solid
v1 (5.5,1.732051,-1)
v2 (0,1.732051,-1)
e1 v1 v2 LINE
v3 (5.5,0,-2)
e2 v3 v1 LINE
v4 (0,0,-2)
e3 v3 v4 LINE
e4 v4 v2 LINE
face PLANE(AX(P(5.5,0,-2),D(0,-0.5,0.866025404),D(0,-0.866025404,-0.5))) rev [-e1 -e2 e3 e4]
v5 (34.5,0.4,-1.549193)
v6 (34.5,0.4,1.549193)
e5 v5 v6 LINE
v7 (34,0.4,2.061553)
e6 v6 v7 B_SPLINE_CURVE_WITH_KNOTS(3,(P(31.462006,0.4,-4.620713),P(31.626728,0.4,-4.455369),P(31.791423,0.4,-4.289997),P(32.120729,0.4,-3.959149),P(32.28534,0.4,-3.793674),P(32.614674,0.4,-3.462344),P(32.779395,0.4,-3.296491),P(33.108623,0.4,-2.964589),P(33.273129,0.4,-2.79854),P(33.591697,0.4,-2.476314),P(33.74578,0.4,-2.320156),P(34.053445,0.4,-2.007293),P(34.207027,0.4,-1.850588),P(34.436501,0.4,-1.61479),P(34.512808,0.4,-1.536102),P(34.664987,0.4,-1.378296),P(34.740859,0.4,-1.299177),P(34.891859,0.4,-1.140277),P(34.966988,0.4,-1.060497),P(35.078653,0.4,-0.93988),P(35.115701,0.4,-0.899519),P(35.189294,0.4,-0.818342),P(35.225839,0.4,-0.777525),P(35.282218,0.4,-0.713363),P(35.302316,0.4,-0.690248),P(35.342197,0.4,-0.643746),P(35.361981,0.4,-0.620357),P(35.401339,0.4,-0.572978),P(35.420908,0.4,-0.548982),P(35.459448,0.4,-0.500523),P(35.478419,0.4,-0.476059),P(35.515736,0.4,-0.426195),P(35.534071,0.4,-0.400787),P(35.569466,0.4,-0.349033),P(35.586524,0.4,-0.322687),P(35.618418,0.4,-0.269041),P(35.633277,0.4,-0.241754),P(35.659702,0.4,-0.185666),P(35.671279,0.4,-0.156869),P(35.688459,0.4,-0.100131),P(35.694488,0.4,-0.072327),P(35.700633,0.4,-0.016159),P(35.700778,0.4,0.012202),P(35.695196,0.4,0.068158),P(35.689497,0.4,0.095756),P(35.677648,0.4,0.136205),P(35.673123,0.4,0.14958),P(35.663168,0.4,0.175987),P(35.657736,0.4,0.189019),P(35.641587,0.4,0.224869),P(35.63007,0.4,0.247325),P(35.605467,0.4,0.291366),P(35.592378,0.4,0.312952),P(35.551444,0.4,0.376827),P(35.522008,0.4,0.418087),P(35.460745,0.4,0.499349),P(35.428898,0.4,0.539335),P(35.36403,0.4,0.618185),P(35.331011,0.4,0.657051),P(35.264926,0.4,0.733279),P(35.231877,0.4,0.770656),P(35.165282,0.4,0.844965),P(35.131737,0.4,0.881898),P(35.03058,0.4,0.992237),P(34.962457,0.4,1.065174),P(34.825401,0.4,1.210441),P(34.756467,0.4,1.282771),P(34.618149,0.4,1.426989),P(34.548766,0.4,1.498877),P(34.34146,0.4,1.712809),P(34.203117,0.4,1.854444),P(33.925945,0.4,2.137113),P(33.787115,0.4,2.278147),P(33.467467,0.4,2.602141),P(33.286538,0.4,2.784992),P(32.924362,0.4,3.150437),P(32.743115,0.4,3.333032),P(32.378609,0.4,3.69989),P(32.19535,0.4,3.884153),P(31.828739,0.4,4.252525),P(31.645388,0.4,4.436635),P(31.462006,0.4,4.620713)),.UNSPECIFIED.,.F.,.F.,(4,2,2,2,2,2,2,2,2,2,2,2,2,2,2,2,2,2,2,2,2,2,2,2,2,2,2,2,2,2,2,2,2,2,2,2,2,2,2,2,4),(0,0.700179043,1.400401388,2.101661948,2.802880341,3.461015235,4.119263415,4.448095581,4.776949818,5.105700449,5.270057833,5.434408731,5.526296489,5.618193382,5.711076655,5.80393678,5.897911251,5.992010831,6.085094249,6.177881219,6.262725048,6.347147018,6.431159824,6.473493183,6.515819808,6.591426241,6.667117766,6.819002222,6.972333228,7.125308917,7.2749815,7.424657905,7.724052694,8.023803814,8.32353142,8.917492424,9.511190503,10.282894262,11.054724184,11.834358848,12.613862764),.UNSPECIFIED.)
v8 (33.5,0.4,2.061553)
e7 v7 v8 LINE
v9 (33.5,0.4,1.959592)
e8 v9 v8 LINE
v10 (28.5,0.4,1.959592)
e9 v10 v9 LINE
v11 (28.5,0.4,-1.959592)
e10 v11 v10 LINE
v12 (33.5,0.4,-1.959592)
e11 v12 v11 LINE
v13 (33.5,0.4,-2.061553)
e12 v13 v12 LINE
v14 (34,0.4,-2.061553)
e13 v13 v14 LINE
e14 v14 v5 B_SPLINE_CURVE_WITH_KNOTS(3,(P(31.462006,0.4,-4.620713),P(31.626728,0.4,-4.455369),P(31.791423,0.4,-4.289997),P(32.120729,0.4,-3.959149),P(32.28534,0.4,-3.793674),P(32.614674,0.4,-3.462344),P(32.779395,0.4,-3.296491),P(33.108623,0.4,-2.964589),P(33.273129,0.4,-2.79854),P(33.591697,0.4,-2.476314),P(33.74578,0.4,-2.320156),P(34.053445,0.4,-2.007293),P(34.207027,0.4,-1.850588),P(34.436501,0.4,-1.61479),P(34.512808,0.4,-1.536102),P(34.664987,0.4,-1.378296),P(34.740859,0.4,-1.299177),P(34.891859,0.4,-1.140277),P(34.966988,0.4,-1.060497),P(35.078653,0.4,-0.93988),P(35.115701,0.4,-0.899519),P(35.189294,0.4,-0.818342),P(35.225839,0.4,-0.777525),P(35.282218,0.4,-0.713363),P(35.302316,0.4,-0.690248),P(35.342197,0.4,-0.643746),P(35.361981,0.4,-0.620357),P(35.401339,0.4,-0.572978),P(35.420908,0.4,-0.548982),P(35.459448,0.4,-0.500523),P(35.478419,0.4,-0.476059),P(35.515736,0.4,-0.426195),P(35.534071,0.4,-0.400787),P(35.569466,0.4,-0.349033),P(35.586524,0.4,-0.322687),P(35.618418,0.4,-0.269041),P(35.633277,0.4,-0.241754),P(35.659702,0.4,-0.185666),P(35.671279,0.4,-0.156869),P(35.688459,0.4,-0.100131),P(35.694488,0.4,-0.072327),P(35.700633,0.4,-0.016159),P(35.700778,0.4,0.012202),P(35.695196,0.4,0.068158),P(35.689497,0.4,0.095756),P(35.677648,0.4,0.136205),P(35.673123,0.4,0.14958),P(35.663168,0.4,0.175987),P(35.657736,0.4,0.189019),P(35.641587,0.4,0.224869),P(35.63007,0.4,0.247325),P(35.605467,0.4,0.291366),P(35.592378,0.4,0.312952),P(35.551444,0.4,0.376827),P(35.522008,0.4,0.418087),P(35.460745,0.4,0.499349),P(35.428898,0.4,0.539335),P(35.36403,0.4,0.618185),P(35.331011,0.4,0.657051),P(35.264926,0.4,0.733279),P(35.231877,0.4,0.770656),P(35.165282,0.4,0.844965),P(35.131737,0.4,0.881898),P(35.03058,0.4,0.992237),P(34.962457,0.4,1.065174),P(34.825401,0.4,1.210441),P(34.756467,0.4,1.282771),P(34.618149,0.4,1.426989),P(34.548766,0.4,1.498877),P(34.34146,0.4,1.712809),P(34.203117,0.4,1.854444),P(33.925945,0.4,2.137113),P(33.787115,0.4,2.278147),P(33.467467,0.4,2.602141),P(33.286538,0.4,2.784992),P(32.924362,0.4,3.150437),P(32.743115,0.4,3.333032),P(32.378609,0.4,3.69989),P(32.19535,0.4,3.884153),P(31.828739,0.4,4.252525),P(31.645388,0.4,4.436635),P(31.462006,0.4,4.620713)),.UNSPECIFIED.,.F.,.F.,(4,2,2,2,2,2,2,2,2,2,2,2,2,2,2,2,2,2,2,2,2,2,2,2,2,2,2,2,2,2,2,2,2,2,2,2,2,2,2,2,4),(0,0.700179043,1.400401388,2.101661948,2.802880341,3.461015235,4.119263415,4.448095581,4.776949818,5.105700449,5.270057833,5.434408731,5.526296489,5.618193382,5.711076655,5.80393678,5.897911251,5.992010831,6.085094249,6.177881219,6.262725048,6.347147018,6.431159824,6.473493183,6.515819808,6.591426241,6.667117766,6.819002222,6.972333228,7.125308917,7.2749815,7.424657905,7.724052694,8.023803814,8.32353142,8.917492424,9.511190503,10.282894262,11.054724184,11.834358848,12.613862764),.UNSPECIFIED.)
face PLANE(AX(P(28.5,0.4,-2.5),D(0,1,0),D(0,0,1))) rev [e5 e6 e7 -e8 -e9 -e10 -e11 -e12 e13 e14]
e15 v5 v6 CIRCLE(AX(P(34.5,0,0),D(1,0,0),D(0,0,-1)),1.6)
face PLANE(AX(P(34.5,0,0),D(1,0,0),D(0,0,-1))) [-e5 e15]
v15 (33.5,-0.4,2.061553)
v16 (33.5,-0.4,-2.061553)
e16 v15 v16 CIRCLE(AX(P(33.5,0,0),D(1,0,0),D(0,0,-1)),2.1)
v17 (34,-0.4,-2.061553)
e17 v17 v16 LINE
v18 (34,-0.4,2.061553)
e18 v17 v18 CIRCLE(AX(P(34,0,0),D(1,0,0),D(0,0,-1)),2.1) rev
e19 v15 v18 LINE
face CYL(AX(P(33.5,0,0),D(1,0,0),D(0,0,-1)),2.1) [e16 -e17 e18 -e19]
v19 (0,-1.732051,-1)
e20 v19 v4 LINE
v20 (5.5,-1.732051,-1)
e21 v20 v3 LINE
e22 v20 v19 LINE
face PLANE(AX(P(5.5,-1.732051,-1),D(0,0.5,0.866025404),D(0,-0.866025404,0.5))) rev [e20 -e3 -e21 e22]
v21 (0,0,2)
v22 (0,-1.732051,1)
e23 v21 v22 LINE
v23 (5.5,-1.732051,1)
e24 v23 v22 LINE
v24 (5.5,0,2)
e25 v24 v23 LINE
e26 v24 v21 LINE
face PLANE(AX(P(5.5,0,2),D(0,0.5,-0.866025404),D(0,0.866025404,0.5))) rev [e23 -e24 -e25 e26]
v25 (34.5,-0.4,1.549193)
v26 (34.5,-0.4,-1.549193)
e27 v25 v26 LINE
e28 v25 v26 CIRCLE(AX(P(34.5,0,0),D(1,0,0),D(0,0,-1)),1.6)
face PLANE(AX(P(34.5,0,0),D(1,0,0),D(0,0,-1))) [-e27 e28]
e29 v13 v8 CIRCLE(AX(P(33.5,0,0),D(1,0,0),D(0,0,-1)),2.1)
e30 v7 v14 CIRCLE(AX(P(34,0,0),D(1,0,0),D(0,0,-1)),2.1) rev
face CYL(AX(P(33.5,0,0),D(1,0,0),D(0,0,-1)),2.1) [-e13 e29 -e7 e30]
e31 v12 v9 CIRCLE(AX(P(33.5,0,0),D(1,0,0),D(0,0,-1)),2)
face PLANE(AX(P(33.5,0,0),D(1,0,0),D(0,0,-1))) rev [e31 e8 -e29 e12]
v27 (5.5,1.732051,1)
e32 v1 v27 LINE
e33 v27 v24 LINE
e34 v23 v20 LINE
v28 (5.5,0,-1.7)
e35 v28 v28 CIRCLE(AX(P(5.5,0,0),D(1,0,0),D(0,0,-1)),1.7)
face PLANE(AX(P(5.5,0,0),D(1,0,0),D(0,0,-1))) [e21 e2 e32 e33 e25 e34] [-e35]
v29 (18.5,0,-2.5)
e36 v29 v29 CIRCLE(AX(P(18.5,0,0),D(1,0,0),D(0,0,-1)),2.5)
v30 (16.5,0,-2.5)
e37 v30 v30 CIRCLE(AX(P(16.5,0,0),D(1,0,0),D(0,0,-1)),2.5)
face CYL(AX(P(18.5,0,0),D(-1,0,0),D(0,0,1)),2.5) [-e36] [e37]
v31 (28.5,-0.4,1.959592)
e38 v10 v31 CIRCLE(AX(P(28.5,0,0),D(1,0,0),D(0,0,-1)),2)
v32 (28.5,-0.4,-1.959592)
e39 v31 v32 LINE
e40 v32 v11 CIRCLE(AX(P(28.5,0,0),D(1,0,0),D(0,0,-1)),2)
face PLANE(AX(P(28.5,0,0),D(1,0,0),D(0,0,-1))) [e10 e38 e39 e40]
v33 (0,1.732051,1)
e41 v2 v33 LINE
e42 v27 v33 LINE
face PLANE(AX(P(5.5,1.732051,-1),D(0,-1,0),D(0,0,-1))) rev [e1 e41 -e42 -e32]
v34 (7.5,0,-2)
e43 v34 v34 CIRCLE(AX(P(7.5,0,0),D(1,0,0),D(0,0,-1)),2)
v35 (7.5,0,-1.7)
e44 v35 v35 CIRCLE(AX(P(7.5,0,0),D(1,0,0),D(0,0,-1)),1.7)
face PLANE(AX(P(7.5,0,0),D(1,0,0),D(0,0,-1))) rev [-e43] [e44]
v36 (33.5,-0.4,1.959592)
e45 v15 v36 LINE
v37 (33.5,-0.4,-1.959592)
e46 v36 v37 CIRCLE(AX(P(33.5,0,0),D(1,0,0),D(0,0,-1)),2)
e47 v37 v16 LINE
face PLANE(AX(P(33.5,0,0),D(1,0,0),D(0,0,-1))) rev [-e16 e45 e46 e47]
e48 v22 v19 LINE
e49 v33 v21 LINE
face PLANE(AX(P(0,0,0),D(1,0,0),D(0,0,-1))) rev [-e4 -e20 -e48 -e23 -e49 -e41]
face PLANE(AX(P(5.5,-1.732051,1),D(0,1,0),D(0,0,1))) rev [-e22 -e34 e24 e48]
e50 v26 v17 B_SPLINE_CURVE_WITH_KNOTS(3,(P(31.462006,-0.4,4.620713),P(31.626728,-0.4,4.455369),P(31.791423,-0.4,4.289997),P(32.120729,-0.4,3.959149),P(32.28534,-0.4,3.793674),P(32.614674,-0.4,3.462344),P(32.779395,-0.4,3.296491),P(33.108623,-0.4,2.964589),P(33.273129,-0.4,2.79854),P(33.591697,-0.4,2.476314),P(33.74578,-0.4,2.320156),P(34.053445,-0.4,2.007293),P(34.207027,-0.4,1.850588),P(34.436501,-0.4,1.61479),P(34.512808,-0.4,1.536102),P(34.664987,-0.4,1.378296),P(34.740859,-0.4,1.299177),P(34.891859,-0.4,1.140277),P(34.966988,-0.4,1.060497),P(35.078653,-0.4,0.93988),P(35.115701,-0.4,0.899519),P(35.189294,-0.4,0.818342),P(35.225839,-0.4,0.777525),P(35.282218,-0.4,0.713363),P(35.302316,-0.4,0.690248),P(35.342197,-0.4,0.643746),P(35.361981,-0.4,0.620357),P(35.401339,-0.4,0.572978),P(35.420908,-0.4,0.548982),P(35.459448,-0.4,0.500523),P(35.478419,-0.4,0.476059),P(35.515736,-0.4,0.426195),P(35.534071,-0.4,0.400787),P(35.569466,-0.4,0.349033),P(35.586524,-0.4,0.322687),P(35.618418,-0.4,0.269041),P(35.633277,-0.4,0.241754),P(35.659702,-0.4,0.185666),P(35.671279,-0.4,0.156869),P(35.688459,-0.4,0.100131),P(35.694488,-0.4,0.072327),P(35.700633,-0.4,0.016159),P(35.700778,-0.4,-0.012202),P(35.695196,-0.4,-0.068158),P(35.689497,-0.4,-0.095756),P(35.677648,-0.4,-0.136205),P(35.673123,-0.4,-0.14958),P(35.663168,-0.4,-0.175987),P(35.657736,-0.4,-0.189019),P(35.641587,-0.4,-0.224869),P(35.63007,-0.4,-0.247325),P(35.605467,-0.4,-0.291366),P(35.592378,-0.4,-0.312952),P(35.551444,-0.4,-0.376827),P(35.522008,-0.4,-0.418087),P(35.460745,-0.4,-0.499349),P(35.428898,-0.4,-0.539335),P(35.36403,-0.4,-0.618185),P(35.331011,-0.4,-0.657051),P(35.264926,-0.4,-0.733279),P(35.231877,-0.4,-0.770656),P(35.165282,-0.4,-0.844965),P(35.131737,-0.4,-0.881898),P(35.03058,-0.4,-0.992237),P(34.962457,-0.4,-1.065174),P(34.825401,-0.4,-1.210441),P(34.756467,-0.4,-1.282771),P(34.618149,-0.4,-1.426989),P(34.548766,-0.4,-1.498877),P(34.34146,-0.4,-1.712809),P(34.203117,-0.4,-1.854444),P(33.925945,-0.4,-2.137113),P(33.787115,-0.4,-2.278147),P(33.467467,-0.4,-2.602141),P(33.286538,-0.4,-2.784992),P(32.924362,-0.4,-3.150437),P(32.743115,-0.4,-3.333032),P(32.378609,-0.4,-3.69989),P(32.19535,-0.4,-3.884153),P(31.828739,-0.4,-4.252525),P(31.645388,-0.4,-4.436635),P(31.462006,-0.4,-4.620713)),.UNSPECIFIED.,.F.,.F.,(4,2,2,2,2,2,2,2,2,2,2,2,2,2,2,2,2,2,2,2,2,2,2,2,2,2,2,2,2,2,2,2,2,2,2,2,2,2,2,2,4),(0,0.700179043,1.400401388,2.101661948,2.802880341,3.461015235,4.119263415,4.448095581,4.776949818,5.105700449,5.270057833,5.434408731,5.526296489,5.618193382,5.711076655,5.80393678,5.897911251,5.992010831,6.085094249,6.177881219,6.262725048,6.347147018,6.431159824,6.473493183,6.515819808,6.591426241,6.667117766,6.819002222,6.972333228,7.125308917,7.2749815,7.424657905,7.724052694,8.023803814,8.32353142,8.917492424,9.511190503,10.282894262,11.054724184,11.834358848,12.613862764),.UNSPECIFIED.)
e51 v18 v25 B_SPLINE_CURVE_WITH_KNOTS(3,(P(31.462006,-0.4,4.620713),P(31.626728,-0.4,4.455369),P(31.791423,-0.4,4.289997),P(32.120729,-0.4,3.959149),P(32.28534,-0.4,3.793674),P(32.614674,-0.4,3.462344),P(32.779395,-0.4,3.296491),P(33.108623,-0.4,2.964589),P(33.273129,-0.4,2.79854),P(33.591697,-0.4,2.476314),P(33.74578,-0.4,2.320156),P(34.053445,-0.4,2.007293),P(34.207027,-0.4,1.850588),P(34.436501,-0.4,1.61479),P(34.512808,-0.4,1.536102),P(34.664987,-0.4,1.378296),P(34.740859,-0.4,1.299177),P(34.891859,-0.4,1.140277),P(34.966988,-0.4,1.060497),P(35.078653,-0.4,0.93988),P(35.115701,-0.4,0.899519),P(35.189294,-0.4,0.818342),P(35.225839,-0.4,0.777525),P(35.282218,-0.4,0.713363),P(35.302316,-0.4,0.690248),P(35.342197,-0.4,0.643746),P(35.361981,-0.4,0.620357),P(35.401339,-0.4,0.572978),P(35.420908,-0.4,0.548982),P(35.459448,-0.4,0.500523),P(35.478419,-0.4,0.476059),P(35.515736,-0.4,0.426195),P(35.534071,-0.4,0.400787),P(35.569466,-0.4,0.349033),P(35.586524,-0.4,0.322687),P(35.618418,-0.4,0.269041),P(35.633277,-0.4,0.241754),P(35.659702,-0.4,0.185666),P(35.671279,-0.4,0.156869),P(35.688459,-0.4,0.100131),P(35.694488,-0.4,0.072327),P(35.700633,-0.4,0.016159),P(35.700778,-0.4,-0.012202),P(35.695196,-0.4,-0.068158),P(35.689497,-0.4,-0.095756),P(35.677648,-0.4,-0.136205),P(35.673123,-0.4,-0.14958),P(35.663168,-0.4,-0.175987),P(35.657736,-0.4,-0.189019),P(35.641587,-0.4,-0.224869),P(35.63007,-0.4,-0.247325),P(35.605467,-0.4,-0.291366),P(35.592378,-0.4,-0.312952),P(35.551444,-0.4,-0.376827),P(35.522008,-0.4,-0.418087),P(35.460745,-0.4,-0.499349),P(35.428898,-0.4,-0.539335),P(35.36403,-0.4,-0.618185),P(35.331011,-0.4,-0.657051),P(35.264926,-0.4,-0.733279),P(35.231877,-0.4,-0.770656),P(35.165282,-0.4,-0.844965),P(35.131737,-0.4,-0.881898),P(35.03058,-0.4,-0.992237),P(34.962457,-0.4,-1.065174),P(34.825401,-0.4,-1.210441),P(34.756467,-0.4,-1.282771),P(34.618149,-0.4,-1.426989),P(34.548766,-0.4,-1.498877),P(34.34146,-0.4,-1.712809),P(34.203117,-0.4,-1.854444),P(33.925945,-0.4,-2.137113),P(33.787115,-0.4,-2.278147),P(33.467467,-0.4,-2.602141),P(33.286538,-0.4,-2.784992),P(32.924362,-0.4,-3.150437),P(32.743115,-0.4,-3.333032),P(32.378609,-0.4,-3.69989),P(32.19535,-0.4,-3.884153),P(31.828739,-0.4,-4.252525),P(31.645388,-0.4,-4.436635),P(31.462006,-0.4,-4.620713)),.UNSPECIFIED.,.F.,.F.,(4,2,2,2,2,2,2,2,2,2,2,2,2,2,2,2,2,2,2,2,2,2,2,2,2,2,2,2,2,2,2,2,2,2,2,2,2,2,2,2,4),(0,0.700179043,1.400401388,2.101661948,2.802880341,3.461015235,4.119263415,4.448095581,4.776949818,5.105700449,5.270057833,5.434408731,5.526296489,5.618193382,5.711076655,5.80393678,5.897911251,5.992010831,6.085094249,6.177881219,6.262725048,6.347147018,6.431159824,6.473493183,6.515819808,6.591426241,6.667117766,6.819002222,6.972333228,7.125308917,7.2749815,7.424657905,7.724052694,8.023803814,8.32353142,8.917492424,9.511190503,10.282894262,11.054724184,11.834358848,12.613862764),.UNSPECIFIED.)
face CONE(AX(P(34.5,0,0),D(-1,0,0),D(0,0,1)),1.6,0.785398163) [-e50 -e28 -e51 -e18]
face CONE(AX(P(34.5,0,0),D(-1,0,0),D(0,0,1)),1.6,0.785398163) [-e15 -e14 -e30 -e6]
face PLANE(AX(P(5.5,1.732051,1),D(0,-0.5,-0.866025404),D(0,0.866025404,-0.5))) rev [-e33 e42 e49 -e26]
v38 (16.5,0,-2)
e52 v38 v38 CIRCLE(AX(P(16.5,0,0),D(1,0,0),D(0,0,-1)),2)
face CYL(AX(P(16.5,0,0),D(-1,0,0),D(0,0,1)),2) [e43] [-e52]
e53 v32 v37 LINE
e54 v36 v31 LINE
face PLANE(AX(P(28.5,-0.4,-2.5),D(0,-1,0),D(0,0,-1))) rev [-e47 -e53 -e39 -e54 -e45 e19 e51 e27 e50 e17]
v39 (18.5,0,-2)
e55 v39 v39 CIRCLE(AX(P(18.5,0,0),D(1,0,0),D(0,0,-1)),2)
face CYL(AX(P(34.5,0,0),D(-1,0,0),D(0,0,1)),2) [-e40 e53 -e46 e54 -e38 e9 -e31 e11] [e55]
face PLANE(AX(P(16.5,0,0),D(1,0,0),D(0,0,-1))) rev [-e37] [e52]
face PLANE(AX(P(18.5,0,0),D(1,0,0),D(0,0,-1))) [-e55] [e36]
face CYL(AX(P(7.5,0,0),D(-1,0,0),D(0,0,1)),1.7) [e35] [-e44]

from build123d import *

# Parameters (mm, degrees)
EXTRUDE_1_DEPTH     = 5.5
SKETCH_2_R          = 1.7
EXTRUDE_2_DEPTH     = 2
SKETCH_3_R          = 2
EXTRUDE_3_DEPTH     = 9
SKETCH_4_R          = 2.5
EXTRUDE_4_DEPTH     = 2
SKETCH_5_R          = 2
EXTRUDE_5_DEPTH     = 16
SKETCH_6_R          = 2.1
EXTRUDE_6_DEPTH     = 1
CHAMFER_1_SIZE      = 0.5
SKETCH_7_W          = 5
SKETCH_7_H          = 0.8
CUT_EXTRUDE_1_DEPTH = 6


with BuildPart() as part:
    # 草图1 → 凸台-拉伸1 (new body)
    with BuildSketch(Plane(origin=(0, 0, 0), x_dir=(0, 0, -1), z_dir=(1, 0, 0))):
        Polygon((-2, 0), (-1, -1.732050808), (1, -1.732050808), (2, 0), (1, 1.732050808), (-1, 1.732050808), align=None)
    extrude(amount=EXTRUDE_1_DEPTH)

    # 草图2 → 凸台-拉伸2 (add)
    with BuildSketch(Plane(origin=(5.5, 0, 0), x_dir=(0, 0, -1), z_dir=(1, 0, 0))):
        Circle(SKETCH_2_R)
    extrude(amount=EXTRUDE_2_DEPTH)

    # 草图3 → 凸台-拉伸3 (add)
    with BuildSketch(Plane(origin=(7.5, 0, 0), x_dir=(0, 0, -1), z_dir=(1, 0, 0))):
        Circle(SKETCH_3_R)
    extrude(amount=EXTRUDE_3_DEPTH)

    # 草图4 → 凸台-拉伸4 (add)
    with BuildSketch(Plane(origin=(16.5, 0, 0), x_dir=(0, 0, -1), z_dir=(1, 0, 0))):
        Circle(SKETCH_4_R)
    extrude(amount=EXTRUDE_4_DEPTH)

    # 草图5 → 凸台-拉伸5 (add)
    with BuildSketch(Plane(origin=(18.5, 0, 0), x_dir=(0, 0, -1), z_dir=(1, 0, 0))):
        Circle(SKETCH_5_R)
    extrude(amount=EXTRUDE_5_DEPTH)

    # 草图6 → 凸台-拉伸6 (add)
    with BuildSketch(Plane(origin=(34.5, 0, 0), x_dir=(0, 0, -1), z_dir=(1, 0, 0))):
        Circle(SKETCH_6_R)
    extrude(amount=-EXTRUDE_6_DEPTH)

    # 倒角1
    chamfer_1_edges = [part.edges().sort_by_distance(p)[0] for p in [
        (34.5, 0, 2.1),
    ]]
    chamfer(chamfer_1_edges, length=CHAMFER_1_SIZE)

    # 草图7 → 切除-拉伸1 (cut)
    with BuildSketch(Plane(origin=(34.5, 0, 0), x_dir=(0, 0, -1), z_dir=(1, 0, 0))):
        Rectangle(SKETCH_7_W, SKETCH_7_H)
    extrude(amount=-CUT_EXTRUDE_1_DEPTH, mode=Mode.SUBTRACT)


solid = part.part
